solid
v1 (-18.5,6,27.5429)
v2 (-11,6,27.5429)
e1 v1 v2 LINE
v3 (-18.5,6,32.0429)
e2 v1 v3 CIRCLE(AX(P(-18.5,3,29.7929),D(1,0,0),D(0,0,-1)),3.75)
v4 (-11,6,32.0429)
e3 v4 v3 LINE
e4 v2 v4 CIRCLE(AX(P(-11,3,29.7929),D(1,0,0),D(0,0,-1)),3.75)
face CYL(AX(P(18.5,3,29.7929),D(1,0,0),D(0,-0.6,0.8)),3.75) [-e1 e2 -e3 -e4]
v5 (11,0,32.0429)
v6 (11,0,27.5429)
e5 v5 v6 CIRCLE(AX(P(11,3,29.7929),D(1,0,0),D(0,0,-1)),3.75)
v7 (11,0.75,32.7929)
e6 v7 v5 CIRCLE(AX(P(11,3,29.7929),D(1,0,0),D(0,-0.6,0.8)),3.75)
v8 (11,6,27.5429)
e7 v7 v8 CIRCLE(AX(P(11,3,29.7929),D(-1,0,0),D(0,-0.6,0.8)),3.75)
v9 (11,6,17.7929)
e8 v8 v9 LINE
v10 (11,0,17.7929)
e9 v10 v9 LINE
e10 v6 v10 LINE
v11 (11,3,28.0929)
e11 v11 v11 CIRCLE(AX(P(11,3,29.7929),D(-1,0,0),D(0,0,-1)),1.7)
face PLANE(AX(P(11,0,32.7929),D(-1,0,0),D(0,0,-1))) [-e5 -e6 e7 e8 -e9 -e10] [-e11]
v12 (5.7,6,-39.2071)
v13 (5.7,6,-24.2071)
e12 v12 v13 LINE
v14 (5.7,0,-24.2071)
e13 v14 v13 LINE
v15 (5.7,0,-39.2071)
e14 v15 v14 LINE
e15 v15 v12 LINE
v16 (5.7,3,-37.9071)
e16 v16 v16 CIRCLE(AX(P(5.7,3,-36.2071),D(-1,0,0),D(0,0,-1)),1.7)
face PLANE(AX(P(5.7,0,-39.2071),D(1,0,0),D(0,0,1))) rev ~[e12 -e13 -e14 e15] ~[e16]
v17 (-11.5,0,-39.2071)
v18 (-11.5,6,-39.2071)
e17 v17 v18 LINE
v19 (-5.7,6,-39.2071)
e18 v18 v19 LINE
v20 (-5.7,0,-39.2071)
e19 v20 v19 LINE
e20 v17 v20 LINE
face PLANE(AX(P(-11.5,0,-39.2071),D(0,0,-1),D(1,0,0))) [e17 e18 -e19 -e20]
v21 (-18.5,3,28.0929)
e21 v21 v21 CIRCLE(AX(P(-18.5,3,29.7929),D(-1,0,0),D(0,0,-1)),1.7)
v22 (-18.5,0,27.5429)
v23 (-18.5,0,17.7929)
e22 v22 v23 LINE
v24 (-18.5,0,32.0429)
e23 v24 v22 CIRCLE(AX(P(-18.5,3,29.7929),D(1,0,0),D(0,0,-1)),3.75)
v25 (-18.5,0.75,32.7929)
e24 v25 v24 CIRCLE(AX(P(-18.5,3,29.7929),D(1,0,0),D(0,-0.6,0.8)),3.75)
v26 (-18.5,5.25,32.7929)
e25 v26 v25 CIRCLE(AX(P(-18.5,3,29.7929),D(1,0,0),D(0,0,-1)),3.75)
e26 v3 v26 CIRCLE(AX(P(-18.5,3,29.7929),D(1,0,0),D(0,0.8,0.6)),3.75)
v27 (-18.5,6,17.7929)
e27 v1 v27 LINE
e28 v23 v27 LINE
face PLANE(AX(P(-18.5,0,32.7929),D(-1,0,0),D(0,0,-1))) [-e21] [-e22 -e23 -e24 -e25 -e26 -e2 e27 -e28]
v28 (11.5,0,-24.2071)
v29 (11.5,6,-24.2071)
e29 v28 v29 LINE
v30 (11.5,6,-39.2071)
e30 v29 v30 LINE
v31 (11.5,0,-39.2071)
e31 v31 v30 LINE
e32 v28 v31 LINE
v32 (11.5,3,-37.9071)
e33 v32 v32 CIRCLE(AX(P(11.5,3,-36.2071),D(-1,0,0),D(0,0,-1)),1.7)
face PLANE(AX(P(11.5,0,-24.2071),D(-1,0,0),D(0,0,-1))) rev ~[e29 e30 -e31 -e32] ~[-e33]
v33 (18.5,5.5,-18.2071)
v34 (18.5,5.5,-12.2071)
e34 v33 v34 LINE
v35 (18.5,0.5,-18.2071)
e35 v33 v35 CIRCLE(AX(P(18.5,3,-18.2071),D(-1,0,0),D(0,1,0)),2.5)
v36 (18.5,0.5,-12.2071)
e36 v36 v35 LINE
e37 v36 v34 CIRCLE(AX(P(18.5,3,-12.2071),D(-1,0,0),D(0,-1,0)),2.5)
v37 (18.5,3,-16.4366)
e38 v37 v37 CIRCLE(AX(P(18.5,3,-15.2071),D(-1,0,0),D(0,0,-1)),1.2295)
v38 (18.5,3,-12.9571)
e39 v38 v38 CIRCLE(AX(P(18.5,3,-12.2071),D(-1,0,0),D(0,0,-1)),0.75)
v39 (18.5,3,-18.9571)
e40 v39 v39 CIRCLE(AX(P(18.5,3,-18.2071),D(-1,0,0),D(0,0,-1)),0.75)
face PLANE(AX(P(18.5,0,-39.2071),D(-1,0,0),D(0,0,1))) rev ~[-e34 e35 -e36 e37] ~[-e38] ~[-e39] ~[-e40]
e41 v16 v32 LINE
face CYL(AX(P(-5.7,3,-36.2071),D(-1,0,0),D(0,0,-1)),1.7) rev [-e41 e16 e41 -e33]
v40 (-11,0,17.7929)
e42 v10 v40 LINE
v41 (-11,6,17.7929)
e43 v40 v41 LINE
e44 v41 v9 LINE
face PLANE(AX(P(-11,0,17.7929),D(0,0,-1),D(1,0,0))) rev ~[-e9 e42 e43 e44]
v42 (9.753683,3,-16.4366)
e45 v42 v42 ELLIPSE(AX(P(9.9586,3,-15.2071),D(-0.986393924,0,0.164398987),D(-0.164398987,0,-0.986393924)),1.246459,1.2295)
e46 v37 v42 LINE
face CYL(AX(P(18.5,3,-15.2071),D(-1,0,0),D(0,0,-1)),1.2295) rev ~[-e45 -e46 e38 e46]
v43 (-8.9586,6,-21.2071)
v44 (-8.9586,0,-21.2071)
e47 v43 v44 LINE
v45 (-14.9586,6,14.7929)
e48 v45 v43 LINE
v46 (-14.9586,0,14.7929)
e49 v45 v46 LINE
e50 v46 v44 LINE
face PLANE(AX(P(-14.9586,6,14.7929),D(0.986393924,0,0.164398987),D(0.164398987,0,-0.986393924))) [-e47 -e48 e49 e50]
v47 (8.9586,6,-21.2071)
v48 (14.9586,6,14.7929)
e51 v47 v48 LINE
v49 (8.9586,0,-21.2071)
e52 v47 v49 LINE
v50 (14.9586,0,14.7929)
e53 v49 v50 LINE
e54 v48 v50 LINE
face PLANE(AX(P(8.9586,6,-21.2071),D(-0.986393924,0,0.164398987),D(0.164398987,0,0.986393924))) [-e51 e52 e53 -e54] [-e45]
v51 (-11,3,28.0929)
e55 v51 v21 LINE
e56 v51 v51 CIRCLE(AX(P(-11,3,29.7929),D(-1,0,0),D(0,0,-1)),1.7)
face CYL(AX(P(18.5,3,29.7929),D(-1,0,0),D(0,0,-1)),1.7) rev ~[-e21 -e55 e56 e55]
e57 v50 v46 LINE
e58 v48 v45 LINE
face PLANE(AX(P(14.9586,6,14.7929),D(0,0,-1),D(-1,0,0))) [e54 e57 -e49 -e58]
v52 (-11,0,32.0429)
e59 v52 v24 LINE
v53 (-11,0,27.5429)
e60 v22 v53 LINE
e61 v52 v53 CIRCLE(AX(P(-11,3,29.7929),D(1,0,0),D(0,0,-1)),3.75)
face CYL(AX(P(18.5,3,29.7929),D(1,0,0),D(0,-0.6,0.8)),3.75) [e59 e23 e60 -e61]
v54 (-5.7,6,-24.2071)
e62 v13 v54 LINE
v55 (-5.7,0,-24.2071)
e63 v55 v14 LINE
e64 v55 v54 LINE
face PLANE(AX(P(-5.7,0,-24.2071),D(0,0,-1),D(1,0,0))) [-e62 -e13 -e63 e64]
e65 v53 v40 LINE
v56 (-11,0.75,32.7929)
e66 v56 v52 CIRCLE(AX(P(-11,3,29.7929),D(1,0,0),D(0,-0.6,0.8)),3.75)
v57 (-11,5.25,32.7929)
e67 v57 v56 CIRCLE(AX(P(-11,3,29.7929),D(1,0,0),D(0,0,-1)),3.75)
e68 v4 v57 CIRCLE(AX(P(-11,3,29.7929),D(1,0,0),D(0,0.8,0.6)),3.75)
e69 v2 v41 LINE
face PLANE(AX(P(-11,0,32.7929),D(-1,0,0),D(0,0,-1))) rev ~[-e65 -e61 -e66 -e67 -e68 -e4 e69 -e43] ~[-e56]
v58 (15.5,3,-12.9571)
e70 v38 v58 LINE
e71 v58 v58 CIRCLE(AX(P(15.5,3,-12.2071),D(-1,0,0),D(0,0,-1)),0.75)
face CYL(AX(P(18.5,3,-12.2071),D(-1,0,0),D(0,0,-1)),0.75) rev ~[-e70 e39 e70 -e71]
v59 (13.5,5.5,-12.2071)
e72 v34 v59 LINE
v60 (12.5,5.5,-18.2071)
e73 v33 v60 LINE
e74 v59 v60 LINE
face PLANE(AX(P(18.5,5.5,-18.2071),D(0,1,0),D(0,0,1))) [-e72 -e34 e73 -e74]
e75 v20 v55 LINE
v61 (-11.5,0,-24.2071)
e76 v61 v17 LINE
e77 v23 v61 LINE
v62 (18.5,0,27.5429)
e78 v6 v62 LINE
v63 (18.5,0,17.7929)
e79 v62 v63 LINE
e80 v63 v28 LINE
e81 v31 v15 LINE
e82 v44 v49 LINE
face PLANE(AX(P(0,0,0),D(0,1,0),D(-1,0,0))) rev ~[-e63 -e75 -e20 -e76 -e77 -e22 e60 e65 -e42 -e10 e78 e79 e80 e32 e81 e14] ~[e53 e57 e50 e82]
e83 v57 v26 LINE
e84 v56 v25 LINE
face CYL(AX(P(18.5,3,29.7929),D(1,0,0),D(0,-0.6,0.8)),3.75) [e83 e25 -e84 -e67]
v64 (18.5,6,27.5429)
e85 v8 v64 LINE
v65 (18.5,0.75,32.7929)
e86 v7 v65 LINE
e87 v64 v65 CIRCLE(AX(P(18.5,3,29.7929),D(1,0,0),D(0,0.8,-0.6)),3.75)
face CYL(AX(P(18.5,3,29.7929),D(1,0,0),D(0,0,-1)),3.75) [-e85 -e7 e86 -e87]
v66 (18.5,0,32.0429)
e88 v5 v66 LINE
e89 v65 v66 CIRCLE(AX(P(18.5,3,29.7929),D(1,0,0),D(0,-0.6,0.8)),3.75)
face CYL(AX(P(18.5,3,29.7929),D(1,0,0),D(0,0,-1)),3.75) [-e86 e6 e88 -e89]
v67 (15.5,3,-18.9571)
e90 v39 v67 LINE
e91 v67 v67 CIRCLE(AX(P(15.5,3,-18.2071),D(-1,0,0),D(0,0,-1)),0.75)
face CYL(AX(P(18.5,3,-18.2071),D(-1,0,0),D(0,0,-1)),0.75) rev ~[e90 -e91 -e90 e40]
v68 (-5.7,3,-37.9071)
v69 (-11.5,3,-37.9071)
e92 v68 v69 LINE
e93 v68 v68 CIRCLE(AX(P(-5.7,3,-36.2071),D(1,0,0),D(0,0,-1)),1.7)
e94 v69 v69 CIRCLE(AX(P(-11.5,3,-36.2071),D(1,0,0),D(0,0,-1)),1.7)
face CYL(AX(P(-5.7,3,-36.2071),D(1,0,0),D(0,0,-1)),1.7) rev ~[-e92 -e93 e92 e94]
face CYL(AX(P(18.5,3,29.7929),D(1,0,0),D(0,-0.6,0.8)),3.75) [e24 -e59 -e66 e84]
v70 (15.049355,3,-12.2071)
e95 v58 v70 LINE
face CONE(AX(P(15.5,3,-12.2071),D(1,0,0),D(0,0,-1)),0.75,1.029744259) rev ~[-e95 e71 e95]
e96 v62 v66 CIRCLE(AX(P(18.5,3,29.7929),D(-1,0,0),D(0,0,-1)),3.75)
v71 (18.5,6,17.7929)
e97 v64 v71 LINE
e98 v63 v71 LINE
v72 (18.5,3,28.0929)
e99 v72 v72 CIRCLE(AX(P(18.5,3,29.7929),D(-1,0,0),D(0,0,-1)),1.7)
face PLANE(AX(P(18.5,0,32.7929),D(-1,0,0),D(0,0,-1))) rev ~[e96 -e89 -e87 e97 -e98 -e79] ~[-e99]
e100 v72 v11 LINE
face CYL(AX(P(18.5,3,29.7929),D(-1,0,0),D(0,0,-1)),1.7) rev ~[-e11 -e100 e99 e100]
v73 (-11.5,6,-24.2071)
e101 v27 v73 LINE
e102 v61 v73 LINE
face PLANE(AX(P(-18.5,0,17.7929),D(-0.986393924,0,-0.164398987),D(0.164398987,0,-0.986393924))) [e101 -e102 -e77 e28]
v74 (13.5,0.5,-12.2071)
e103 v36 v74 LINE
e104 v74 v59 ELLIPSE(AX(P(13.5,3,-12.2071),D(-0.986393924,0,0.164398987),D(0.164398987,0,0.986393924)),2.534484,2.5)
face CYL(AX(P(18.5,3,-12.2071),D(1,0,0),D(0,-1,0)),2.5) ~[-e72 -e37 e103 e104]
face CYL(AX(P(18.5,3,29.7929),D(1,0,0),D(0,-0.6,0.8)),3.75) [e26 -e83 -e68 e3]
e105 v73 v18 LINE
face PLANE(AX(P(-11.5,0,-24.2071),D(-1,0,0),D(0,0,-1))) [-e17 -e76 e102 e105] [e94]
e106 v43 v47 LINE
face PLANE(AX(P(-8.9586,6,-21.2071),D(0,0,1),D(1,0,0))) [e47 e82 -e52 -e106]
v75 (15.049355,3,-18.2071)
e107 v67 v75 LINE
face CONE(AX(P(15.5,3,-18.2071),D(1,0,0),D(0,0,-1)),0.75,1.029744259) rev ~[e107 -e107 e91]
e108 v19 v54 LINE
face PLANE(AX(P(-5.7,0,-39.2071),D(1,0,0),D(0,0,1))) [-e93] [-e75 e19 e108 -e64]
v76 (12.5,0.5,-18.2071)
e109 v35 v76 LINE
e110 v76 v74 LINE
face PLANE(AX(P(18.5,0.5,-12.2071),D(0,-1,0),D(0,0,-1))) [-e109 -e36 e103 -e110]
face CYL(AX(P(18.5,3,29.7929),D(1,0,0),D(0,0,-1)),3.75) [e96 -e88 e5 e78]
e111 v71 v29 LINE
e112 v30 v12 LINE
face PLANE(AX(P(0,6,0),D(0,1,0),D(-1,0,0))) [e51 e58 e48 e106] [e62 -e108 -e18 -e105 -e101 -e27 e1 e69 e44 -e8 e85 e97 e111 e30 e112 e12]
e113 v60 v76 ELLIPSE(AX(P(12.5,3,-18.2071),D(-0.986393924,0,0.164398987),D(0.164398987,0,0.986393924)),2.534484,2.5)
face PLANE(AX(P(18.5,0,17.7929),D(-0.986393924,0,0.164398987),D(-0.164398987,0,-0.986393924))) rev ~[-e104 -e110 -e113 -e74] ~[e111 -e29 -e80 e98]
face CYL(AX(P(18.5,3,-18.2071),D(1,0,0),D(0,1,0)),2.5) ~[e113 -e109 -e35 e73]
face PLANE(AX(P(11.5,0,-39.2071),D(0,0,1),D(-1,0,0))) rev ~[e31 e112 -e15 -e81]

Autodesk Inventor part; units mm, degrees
ref_plane "YZ Plane" through (0, 0, 0) normal (1, 0, 0) x (0, 1, 0)
ref_plane "XZ Plane" through (0, 0, 0) normal (0, 1, 0) x (-1, 0, 0)
ref_plane "XY Plane" through (0, 0, 0) normal (0, 0, 1) x (1, 0, 0)
sketch "Sketch1" plane through (0, 0, 0) normal (0, 1, 0) x (-1, 0, 0)
  line L0 (11, 32.7929) -> (11, 17.7929)
  line L1 (11, 17.7929) -> (-2.062, 17.7929)
  line L2 (11, 32.7929) -> (18.5, 32.7929)
  line L3 (18.5, 32.7929) -> (18.5, 17.7929)
  line L4 (18.5, 17.7929) -> (11.5, -24.2071)
  line L5 (11.5, -24.2071) -> (11.5, -39.2071)
  line L6 (11.5, -39.2071) -> (5.7, -39.2071)
  line L7 (5.7, -39.2071) -> (5.7, -24.2071)
  line L8 (5.7, -24.2071) -> (0.6352, -24.2071)
  line L9 (0, 0) -> (0, 4.5611)
  line L10 (-11, 32.7929) -> (-11, 17.7929)
  line L11 (-11, 17.7929) -> (-2.062, 17.7929)
  line L12 (-11, 32.7929) -> (-18.5, 32.7929)
  line L13 (-18.5, 32.7929) -> (-18.5, 17.7929)
  line L14 (-18.5, 17.7929) -> (-11.5, -24.2071)
  line L15 (-11.5, -24.2071) -> (-11.5, -39.2071)
  line L16 (-11.5, -39.2071) -> (-5.7, -39.2071)
  line L17 (-5.7, -39.2071) -> (-5.7, -24.2071)
  line L18 (-5.7, -24.2071) -> (0.6352, -24.2071)
  dimension "d0" = 37
  dimension "d1" = 7.5
  dimension "d2" = 15
  dimension "d3" = 5.8
  dimension "d4" = 23
  dimension "d5" = 72
  dimension "d6" = 15
  dimension "d7" = 15
  dimension "d8" = 15
extrude "Extrusion1" add sketch "Sketch1" along normal blind 6
sketch "Sketch2" plane through (0, 6, 0) normal (0, 1, 0) x (1, 0, 0)
  line L0 (-11, -17.7929) -> (11, -17.7929) projected
  line L1 (18.5, -17.7929) -> (11.5, 24.2071) projected
  line L2 (5.7, 24.2071) -> (-5.7, 24.2071) projected
  line L3 (-11.5, 24.2071) -> (-18.5, -17.7929) projected
  line L4 (-14.9586, -14.7929) -> (-8.9586, 21.2071)
  line L5 (-8.9586, 21.2071) -> (8.9586, 21.2071)
  line L6 (8.9586, 21.2071) -> (14.9586, -14.7929)
  line L7 (14.9586, -14.7929) -> (-14.9586, -14.7929)
  point P0 (0, 0)
  dimension "d11" = 3
  dimension "d12" = 3
  dimension "d13" = 3
  dimension "d14" = 3
extrude "Extrusion2" cut sketch "Sketch2" against normal blind 6
sketch "Sketch3" plane through (-5.7, 0, -24.2071) normal (1, 0, 0) x (0, 0, -1)
  line L0 (15, 0) -> (15, 6) projected
  circle A0 centre (12, 3) radius 1.7
  point P0 (-24.2071, 0)
  dimension "d17" = 3.4
  dimension "d18" = 3
extrude "Extrusion3" cut sketch "Sketch3" along normal through all both and the other way through all
sketch "Sketch4" plane through (18.5, 0, 32.7929) normal (1, 0, 0) x (0, 0, -1)
  line L0 (0, 0) -> (0, 6) projected
  circle A0 centre (3, 3) radius 3.75
  point P0 (32.7929, 0)
  dimension "d21" = 7.5
  dimension "d22" = 3
extrude "Extrusion4" add sketch "Sketch4" against normal up to surface (7.5 mm away)
sketch "Sketch5" plane through (18.5, 0, 17.7929) normal (1, 0, 0) x (0, 0, -1)
  line L0 (-15, 6) -> (-14.25, 6) projected
  line L1 (-15, 0) -> (-15, 0.75) projected
  line L2 (-15, 0) -> (-14.25, 0) projected
  line L3 (-15, 5.25) -> (-15, 6)
  line L4 (-15, 6) -> (-14.25, 6)
  line L5 (-15, 0.75) -> (-15, 0)
  line L6 (-15, 0) -> (-14.25, 0)
  arc A0 (-14.25, 6) -> (-15, 5.25) centre (-12, 3) ccw
  arc A1 (-15, 0.75) -> (-14.25, 0) centre (-12, 3) ccw
  point P0 (17.7929, 0)
extrude "Extrusion5" cut sketch "Sketch5" against normal through all
sketch "Sketch6" plane through (-11, 0, 17.7929) normal (1, 0, 0) x (0, 0, -1)
  arc A0 (-15, 0.75) -> (-14.25, 0) centre (-12, 3) ccw projected
  circle A1 centre (-12, 3) radius 3.75
  point P0 (17.7929, 0)
  dimension "d27" = 7.5
extrude "Extrusion6" add sketch "Sketch6" against normal up to surface (7.5 mm away)
hole "Hole1" at (18.5, 3, 29.7929) direction (-1, 0, 0) diameter 3.4 depth 46.75 tip angle 118
ref_plane "Work Plane1" through (18.5, 0, -39.2071) normal (-1, 0, 0) x (0, 0, 1)
sketch "Sketch7" plane through (18.5, 0, -39.2071) normal (-1, 0, 0) x (0, 0, 1)
  line L0 (27, 3) -> (21, 3) construction
  line L1 (27, 0.5) -> (21, 0.5)
  line L2 (21, 5.5) -> (27, 5.5)
  arc A0 (27, 0.5) -> (27, 5.5) centre (27, 3) ccw
  arc A1 (21, 5.5) -> (21, 0.5) centre (21, 3) ccw
  circle A2 centre (3, 3) radius 1.7 projected
  line L3 (15, 0) -> (15, 6) projected
  point P0 (39.2071, 0)
  point P1 (24, 3)
  point P2 (15, 3)
  dimension "d40" = 21
  dimension "d41" = 5
  dimension "d42" = 6
extrude "Extrusion7" add sketch "Sketch7" along normal blind 7.25 contours L1 A1 L2 A0
sketch "Sketch8" plane through (18.5, 0, -39.2071) normal (1, 0, 0) x (0, 0, -1)
  arc A0 (-21, 0.5) -> (-21, 5.5) centre (-21, 3) ccw projected
  arc A1 (-27, 5.5) -> (-27, 0.5) centre (-27, 3) ccw projected
  point P0 (-39.2071, 0)
hole "Hole2" at (18.5, 3, -12.2071) at (18.5, 3, -18.2071) direction (-1, 0, 0) diameter 1.5 depth 3 tip angle 118
sketch "Sketch9" plane through (18.5, 0, -39.2071) normal (1, 0, 0) x (0, 0, -1)
  arc A0 (-21, 0.5) -> (-21, 5.5) centre (-21, 3) ccw projected
  arc A1 (-27, 5.5) -> (-27, 0.5) centre (-27, 3) ccw projected
  line L0 (-27, 3) -> (-21, 3)
  point P0 (-39.2071, 0)
  point P1 (-24, 3)
hole "Hole3" at (18.5, 3, -15.2071) direction (-1, 0, 0) diameter 2.459 depth 10.8 tip angle 118 thread size "M3x0.5" class "6H" standard "ISO Metric profile"
equation "\"d8\" = d7"
properties part number "500-006" material "ABS Plastic"
